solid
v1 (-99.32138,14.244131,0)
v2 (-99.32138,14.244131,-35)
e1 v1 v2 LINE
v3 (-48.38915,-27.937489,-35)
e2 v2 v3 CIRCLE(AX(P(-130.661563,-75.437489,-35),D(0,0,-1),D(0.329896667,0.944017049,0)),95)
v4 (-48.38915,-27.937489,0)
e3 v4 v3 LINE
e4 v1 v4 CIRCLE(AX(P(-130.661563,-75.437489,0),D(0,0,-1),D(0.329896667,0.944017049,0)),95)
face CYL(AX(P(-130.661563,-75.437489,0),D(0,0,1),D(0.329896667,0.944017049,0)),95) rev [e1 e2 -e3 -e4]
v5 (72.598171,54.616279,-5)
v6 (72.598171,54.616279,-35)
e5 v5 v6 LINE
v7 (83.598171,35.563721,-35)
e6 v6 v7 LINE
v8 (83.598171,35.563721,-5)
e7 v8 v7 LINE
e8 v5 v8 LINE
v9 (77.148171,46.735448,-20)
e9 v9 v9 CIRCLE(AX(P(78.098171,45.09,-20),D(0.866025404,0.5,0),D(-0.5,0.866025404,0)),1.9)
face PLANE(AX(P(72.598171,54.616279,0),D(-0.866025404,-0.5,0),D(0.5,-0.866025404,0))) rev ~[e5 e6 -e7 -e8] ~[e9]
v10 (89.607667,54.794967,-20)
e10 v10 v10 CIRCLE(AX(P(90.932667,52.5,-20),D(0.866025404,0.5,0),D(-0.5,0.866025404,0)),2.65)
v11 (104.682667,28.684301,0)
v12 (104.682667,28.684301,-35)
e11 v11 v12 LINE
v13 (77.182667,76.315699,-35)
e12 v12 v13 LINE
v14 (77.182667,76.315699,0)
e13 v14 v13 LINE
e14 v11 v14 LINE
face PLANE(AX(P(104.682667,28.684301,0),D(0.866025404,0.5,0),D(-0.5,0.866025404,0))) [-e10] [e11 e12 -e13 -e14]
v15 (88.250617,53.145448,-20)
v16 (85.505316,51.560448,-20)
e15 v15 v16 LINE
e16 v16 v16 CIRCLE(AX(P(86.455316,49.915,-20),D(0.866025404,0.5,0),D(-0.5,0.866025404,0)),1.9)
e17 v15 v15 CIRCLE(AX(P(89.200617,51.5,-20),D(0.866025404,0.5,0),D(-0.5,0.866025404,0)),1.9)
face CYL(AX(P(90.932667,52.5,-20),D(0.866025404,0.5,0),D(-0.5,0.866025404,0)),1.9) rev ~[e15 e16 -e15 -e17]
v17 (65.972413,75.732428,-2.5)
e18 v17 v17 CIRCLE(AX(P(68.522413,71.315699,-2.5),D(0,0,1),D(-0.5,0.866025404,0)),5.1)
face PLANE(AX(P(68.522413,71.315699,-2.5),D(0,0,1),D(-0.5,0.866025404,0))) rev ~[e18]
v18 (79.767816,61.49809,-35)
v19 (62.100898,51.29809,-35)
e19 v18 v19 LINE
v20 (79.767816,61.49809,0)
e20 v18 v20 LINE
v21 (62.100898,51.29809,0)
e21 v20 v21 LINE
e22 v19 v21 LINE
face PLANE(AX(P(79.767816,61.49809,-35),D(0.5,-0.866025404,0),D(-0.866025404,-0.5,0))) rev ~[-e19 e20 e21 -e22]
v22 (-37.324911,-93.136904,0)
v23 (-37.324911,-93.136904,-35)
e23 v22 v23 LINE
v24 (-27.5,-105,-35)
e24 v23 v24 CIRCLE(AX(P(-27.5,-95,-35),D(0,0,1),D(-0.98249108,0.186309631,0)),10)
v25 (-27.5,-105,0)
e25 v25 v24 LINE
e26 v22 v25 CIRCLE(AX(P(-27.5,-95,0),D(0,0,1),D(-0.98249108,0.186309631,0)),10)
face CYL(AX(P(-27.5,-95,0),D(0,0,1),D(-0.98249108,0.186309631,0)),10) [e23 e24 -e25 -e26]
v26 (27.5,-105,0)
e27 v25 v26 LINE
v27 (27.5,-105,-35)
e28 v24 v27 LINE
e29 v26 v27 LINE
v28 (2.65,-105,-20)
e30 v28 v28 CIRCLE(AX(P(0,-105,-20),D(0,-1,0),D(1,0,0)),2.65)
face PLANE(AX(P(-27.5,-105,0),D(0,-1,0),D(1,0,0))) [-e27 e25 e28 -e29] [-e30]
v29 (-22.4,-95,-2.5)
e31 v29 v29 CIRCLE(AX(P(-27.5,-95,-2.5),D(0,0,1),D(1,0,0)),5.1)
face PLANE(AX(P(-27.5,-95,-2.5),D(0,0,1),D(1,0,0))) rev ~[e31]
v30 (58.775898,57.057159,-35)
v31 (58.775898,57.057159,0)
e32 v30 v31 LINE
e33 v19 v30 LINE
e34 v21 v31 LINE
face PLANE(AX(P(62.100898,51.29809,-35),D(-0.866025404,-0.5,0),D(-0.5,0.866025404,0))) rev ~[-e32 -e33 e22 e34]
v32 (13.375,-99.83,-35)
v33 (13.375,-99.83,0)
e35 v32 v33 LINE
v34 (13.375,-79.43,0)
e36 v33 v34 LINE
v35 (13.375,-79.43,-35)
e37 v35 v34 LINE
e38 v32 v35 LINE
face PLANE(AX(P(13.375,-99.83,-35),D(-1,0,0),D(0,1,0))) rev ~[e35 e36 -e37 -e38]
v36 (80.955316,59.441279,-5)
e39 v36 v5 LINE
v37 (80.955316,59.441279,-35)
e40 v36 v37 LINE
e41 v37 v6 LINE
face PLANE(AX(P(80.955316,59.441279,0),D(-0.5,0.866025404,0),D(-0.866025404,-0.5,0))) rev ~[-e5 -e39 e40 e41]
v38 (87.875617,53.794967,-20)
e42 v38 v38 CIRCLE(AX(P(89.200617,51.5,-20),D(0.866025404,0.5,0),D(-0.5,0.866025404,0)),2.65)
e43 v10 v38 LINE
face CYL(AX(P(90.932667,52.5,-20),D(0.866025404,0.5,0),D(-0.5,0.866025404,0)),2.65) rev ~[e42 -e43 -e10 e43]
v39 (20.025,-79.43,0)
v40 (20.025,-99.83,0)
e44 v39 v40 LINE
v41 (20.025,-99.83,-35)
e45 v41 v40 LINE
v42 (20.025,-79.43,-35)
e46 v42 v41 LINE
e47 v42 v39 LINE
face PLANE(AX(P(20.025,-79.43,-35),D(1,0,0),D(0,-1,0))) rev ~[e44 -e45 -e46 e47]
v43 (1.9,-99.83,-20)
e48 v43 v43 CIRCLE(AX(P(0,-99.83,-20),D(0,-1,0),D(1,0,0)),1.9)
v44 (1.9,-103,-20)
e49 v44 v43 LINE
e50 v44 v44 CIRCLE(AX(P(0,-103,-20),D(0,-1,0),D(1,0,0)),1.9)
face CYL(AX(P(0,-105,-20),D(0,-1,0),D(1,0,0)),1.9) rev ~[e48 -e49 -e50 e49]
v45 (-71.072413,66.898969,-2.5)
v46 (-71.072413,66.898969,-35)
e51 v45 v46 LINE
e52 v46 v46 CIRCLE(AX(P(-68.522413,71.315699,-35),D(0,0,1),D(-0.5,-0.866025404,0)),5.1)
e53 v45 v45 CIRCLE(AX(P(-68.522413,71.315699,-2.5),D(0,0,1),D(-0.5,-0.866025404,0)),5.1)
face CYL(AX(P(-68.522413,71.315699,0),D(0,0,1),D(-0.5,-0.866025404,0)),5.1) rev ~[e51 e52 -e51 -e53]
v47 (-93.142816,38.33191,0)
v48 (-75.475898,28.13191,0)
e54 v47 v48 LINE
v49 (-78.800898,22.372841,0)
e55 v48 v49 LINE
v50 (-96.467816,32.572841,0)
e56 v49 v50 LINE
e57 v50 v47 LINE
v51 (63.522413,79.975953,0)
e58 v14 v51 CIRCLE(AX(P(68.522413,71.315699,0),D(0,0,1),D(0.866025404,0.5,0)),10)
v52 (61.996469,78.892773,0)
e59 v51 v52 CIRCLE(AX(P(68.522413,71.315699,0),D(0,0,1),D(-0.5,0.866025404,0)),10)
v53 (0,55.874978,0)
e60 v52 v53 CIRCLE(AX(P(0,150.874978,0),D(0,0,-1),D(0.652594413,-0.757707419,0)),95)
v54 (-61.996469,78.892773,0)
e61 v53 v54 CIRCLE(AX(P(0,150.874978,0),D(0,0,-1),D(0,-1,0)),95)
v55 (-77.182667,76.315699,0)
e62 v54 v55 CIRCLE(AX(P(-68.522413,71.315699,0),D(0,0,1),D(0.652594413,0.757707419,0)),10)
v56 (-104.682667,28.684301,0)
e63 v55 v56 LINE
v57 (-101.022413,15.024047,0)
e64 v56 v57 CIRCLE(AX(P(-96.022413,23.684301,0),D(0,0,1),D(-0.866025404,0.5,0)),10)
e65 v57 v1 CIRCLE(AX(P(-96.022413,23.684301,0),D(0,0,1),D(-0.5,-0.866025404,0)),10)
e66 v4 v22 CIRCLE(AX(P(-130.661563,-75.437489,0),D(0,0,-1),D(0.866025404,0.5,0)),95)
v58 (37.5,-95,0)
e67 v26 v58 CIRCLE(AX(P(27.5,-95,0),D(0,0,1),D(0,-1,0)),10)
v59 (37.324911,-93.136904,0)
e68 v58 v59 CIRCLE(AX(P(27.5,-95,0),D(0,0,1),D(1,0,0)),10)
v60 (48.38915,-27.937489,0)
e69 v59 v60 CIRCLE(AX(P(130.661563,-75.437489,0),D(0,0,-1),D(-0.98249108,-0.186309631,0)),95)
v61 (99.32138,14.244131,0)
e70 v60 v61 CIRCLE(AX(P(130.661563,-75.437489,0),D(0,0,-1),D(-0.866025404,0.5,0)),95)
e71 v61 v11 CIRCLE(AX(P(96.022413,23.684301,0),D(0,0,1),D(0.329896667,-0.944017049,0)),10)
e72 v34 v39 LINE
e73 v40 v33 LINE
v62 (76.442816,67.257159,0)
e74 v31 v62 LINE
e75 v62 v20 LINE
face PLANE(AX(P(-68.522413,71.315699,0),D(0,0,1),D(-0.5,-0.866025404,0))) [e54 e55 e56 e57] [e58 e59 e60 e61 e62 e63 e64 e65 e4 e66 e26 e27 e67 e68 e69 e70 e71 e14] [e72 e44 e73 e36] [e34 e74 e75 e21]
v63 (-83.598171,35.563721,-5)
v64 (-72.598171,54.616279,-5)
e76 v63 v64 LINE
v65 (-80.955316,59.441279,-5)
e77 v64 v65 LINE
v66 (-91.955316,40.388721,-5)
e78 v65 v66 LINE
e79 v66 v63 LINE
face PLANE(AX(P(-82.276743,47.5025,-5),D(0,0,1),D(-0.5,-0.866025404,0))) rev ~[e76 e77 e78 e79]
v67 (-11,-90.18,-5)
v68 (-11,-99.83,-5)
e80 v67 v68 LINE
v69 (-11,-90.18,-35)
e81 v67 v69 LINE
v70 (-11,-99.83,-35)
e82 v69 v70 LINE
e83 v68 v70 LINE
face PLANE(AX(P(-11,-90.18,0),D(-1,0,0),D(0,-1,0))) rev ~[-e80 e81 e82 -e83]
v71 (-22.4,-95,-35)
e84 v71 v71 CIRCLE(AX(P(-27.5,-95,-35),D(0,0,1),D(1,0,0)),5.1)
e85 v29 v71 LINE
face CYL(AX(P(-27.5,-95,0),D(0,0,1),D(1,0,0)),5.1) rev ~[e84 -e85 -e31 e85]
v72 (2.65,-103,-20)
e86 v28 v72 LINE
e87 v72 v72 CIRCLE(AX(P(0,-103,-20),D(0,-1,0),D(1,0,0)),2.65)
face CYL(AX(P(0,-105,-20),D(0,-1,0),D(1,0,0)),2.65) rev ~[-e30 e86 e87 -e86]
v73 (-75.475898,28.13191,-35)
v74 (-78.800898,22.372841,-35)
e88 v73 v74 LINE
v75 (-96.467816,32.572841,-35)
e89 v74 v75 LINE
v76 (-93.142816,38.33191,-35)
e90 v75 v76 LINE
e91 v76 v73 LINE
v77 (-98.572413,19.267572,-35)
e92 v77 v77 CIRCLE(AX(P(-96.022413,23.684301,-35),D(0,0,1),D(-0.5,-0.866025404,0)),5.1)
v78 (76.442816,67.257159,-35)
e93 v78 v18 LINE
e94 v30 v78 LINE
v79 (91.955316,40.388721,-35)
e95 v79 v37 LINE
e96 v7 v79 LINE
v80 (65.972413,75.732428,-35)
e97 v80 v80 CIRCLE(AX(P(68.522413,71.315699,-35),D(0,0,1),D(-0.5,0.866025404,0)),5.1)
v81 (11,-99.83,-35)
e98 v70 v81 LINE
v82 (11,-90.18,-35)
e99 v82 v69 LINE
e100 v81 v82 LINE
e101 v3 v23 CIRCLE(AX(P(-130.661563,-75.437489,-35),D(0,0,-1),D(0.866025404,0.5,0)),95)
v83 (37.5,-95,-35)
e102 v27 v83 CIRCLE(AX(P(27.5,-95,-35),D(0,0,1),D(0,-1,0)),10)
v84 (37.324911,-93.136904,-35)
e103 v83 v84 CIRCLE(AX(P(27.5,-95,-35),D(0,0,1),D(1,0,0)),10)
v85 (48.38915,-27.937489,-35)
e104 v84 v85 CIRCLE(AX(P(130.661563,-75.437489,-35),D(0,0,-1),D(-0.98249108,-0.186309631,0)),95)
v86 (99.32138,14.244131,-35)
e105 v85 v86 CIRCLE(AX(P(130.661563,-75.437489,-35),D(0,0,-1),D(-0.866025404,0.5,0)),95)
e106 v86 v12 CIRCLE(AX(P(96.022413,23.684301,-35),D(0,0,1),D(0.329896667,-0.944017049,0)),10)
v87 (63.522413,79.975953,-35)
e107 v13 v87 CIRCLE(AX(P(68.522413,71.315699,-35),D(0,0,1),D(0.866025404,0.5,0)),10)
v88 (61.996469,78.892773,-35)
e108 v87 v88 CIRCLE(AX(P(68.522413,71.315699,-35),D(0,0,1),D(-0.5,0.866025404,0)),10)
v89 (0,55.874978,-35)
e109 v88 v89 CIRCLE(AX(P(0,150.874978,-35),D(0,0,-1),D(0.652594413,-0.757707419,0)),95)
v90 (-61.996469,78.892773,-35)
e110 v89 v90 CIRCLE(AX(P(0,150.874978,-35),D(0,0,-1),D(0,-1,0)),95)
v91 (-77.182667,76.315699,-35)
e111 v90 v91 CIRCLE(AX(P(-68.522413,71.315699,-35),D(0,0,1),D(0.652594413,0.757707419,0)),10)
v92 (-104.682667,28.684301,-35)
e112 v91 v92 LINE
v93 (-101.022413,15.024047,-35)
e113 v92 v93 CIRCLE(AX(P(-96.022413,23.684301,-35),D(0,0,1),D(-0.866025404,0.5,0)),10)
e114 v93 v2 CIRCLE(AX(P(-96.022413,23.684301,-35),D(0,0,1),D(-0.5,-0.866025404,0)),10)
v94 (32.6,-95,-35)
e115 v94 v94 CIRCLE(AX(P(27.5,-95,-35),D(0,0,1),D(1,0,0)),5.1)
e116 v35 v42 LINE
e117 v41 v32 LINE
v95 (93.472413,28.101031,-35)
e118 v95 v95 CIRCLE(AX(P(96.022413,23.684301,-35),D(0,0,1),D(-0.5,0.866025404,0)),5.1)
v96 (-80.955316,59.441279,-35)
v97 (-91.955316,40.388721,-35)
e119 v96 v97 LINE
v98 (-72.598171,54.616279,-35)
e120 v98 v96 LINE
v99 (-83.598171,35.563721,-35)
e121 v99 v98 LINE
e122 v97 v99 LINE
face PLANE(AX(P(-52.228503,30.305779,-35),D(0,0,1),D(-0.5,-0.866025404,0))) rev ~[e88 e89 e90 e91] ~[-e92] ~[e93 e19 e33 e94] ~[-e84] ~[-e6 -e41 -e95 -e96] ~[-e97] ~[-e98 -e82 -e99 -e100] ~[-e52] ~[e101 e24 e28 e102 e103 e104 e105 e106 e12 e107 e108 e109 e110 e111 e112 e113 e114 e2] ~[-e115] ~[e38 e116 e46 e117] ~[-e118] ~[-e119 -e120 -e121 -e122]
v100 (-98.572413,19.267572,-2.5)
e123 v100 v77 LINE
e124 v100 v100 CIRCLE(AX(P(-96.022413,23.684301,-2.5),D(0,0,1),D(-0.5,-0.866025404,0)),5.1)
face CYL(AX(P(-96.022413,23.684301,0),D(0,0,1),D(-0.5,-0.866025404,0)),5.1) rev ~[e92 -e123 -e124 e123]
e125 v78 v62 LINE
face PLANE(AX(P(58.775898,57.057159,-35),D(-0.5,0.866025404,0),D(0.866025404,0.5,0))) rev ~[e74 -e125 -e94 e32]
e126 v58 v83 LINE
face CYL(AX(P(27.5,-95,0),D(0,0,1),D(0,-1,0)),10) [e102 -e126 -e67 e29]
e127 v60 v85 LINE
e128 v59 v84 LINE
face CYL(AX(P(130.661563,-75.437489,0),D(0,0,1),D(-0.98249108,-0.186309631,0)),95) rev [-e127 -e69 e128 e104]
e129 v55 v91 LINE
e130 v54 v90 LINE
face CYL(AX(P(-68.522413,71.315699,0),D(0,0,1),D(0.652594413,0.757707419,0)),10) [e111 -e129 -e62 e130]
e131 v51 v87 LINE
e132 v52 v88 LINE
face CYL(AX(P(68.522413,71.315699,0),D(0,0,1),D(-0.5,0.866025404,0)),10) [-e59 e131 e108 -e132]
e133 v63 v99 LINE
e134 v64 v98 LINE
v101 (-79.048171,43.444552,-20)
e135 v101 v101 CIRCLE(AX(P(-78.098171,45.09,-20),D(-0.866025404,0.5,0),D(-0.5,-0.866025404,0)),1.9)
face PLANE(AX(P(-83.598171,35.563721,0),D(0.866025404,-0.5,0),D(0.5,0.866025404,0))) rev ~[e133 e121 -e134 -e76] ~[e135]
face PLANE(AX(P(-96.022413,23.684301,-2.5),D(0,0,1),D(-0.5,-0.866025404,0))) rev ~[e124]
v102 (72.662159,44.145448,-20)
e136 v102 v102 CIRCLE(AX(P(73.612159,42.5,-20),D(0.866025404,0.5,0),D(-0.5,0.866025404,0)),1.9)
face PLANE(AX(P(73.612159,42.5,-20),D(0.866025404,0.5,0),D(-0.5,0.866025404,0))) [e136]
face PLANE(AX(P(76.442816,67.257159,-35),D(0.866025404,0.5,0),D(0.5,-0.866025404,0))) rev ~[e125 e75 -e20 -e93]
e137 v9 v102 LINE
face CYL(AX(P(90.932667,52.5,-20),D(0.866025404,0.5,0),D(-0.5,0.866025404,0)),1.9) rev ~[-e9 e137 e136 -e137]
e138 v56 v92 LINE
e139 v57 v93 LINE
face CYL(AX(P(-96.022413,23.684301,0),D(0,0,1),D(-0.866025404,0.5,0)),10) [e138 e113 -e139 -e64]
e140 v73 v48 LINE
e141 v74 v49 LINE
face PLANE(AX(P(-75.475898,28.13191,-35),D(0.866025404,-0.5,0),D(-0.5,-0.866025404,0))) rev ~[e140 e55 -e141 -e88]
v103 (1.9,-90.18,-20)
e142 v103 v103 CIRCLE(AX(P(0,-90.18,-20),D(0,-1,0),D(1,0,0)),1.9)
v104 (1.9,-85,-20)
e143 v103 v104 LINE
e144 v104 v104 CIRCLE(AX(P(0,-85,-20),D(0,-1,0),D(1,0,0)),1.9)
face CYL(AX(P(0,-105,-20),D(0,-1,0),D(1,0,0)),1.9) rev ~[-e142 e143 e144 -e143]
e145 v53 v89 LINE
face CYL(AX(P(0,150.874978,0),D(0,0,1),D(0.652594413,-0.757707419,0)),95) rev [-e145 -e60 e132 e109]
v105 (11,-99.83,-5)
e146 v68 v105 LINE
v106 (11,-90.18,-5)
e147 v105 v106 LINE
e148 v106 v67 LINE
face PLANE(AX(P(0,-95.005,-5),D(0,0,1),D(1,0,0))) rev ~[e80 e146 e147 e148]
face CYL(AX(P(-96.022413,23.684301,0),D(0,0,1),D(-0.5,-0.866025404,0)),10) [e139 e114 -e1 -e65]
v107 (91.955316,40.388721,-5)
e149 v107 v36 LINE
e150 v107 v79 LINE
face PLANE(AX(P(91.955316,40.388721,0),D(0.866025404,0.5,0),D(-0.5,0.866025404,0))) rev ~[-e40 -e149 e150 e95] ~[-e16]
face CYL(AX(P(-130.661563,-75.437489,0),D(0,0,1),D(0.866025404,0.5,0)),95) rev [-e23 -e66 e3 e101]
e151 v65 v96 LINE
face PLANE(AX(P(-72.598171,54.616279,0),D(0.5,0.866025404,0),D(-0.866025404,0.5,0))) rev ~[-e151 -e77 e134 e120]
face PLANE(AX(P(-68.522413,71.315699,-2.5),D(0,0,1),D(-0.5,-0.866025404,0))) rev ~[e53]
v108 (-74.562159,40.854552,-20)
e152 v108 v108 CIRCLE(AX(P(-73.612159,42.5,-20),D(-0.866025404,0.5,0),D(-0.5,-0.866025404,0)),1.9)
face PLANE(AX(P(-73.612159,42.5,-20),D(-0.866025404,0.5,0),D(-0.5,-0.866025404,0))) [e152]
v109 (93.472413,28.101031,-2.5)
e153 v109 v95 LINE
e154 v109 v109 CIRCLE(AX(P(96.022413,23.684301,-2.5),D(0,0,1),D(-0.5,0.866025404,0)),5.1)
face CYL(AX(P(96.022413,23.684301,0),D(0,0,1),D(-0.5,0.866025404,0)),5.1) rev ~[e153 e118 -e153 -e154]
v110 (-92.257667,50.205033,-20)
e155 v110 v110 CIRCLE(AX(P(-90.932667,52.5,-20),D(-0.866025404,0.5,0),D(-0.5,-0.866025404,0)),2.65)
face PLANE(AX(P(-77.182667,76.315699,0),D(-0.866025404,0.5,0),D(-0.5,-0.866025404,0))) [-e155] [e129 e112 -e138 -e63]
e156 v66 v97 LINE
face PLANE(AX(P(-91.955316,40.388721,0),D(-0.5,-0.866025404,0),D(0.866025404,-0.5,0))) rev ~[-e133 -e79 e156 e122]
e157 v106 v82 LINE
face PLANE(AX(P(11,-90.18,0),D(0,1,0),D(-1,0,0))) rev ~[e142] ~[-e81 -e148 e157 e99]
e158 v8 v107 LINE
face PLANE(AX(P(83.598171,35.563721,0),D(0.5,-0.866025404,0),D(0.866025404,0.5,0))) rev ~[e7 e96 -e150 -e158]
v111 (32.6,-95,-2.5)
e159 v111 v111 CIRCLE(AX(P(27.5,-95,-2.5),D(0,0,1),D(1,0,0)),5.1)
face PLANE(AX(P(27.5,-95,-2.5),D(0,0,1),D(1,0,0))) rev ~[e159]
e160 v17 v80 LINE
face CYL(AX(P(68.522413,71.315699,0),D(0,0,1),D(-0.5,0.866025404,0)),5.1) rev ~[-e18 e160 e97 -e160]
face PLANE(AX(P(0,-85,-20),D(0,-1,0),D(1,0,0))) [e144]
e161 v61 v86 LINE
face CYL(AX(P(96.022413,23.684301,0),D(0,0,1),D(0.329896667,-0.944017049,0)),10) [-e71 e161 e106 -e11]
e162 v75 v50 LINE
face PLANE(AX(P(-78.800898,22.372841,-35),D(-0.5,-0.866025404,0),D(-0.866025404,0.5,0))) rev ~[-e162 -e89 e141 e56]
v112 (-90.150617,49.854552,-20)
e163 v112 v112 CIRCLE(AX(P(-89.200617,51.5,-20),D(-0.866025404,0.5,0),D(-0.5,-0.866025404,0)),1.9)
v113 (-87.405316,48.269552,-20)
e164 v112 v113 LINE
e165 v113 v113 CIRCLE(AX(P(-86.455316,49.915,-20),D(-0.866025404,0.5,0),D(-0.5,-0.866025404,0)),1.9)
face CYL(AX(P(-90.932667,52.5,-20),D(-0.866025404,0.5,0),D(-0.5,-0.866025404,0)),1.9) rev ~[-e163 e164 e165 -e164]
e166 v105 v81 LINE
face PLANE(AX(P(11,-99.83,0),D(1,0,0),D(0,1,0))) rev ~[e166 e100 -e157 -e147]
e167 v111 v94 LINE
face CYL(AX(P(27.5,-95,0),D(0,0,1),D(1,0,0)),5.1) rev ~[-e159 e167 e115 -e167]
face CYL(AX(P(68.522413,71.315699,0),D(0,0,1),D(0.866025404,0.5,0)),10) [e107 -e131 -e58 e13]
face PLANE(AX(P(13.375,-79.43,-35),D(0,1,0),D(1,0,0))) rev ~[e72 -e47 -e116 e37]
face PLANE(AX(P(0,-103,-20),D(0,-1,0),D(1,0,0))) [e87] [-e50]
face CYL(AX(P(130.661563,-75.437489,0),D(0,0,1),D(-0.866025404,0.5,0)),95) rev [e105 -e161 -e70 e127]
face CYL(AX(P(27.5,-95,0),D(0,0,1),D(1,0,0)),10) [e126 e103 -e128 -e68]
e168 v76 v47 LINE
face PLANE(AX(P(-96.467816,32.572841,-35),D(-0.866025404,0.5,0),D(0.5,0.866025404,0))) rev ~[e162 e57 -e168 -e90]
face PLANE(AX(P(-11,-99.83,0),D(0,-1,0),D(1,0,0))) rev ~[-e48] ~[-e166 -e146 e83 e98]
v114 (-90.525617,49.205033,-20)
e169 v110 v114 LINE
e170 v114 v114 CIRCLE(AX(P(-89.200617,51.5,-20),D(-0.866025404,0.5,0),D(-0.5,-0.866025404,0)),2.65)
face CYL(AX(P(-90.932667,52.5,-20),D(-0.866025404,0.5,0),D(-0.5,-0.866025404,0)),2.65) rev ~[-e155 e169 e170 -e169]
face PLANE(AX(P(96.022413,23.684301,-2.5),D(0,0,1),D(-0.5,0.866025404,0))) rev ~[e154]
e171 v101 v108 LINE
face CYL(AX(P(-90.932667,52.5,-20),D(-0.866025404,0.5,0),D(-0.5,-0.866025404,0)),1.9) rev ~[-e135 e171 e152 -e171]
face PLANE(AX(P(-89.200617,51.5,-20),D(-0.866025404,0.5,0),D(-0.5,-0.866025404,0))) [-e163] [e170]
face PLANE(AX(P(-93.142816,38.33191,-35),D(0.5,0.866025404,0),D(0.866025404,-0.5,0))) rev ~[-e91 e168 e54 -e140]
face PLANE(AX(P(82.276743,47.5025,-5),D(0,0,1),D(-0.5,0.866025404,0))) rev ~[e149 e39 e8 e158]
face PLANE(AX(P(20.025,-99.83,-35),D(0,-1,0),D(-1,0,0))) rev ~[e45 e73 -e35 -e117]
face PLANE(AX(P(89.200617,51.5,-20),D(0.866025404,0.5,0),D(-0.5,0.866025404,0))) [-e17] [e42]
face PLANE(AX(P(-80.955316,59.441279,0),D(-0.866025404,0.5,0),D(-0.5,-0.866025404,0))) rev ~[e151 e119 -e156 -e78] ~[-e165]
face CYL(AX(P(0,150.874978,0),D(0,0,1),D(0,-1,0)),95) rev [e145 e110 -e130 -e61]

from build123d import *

# Parameters (mm, degrees)
F0_R      = 5.1
F1_DEPTH  = 35
F3_DEPTH  = 35
F4_DEPTH  = 5
F5_DEPTH  = 2.5
F6_R      = 1.9
F7_DEPTH  = 20
F6_R_2    = 2.65
F8_DEPTH  = 2
F10_DEPTH = 35
F11_COUNT = 3
F11_ANGLE = 240


with BuildPart() as f1:
    # F0 (on Top) → F1 (new body)
    with BuildSketch(Plane.XY):
        with BuildLine():
            Line((48.3891499996, -27.9374887781), (0, 0))
            Line((0, 0), (-48.3891499996, -27.9374887781))
            ThreePointArc((-48.3891499996, -27.9374887781), (-37.0005953155, -59.5433683199), (-37.3249107961, -93.1369036932))
            ThreePointArc((-37.3249107961, -93.1369036932), (-26.5643472762, -85.0438685233), (-17.5, -95))
            ThreePointArc((-17.5, -95), (-20.4289321881, -102.0710678119), (-27.5, -105))
            Line((-27.5, -105), (27.5, -105))
            ThreePointArc((27.5, -105), (19.7983455327, -88.6215583043), (37.3249107961, -93.1369036932))
            ThreePointArc((37.3249107961, -93.1369036932), (37.0005953155, -59.5433683199), (48.3891499996, -27.9374887781))
        make_face()
        with BuildLine():
            ThreePointArc((37.5, -95), (37.4561314767, -94.0643472762), (37.3249107961, -93.1369036932))
            ThreePointArc((37.3249107961, -93.1369036932), (19.7983455327, -88.6215583043), (27.5, -105))
            ThreePointArc((27.5, -105), (34.5710678119, -102.0710678119), (37.5, -95))
        make_face()
        with Locations((27.5, -95)):
            Circle(F0_R, mode=Mode.SUBTRACT)
        with BuildLine():
            ThreePointArc((-17.5, -95), (-26.5643472762, -85.0438685233), (-37.3249107961, -93.1369036932))
            ThreePointArc((-37.3249107961, -93.1369036932), (-35.2016544673, -101.3784416957), (-27.5, -105))
            ThreePointArc((-27.5, -105), (-20.4289321881, -102.0710678119), (-17.5, -95))
        make_face()
        with Locations((-27.5, -95)):
            Circle(F0_R, mode=Mode.SUBTRACT)
    extrude(amount=-F1_DEPTH)

    # F2 (on face) → F3 (cut, through all)
    with BuildSketch(Plane.XY):
        Polygon((11, -90.18), (0, -90.18), (-11, -90.18), (-11, -99.83), (11, -99.83), align=None)
    extrude(amount=-F3_DEPTH, mode=Mode.SUBTRACT)

    # F2 (on face) → F4 (join)
    with BuildSketch(Plane.XY):
        Polygon((11, -90.18), (0, -90.18), (-11, -90.18), (-11, -99.83), (11, -99.83), align=None)
    extrude(amount=-F4_DEPTH)

    # F0 (on Top) → F5 (join)
    with BuildSketch(Plane.XY):
        with Locations((-27.5, -95)):
            Circle(F0_R)
        with Locations((27.5, -95)):
            Circle(F0_R)
    extrude(amount=-F5_DEPTH)

    # F6 (on face) → F7 (cut)
    with BuildSketch(Plane.XZ.offset(105)):
        with Locations((0, -20)):
            Circle(F6_R)
    extrude(amount=-F7_DEPTH, mode=Mode.SUBTRACT)

    # F6 (on face) → F8 (cut)
    with BuildSketch(Plane.XZ.offset(105)):
        with Locations((0, -20)):
            Circle(F6_R_2)
        with Locations((0, -20)):
            Circle(F6_R, mode=Mode.SUBTRACT)
    extrude(amount=-F8_DEPTH, mode=Mode.SUBTRACT)

    # F9 (on face) → F10 (cut, through all)
    with BuildSketch(Plane(origin=(0, 0, -35), x_dir=(1, 0, 0), z_dir=(0, 0, -1))):
        Polygon((13.375, 79.43), (20.025, 79.43), (20.025, 95), (20.025, 99.83), (13.375, 99.83), (13.375, 95), align=None)
    extrude(amount=-F10_DEPTH, mode=Mode.SUBTRACT)

    # F11: F1 ×3 about axis
    f11_axis = Axis((0, 0, 0), (0, 0, 1))


with BuildPart() as f1_1:
    add(f1.part)
    for i in range(1, F11_COUNT):
        add(f1.part.rotate(f11_axis, i * F11_ANGLE / (F11_COUNT - 1)))


solid = f1_1.part
